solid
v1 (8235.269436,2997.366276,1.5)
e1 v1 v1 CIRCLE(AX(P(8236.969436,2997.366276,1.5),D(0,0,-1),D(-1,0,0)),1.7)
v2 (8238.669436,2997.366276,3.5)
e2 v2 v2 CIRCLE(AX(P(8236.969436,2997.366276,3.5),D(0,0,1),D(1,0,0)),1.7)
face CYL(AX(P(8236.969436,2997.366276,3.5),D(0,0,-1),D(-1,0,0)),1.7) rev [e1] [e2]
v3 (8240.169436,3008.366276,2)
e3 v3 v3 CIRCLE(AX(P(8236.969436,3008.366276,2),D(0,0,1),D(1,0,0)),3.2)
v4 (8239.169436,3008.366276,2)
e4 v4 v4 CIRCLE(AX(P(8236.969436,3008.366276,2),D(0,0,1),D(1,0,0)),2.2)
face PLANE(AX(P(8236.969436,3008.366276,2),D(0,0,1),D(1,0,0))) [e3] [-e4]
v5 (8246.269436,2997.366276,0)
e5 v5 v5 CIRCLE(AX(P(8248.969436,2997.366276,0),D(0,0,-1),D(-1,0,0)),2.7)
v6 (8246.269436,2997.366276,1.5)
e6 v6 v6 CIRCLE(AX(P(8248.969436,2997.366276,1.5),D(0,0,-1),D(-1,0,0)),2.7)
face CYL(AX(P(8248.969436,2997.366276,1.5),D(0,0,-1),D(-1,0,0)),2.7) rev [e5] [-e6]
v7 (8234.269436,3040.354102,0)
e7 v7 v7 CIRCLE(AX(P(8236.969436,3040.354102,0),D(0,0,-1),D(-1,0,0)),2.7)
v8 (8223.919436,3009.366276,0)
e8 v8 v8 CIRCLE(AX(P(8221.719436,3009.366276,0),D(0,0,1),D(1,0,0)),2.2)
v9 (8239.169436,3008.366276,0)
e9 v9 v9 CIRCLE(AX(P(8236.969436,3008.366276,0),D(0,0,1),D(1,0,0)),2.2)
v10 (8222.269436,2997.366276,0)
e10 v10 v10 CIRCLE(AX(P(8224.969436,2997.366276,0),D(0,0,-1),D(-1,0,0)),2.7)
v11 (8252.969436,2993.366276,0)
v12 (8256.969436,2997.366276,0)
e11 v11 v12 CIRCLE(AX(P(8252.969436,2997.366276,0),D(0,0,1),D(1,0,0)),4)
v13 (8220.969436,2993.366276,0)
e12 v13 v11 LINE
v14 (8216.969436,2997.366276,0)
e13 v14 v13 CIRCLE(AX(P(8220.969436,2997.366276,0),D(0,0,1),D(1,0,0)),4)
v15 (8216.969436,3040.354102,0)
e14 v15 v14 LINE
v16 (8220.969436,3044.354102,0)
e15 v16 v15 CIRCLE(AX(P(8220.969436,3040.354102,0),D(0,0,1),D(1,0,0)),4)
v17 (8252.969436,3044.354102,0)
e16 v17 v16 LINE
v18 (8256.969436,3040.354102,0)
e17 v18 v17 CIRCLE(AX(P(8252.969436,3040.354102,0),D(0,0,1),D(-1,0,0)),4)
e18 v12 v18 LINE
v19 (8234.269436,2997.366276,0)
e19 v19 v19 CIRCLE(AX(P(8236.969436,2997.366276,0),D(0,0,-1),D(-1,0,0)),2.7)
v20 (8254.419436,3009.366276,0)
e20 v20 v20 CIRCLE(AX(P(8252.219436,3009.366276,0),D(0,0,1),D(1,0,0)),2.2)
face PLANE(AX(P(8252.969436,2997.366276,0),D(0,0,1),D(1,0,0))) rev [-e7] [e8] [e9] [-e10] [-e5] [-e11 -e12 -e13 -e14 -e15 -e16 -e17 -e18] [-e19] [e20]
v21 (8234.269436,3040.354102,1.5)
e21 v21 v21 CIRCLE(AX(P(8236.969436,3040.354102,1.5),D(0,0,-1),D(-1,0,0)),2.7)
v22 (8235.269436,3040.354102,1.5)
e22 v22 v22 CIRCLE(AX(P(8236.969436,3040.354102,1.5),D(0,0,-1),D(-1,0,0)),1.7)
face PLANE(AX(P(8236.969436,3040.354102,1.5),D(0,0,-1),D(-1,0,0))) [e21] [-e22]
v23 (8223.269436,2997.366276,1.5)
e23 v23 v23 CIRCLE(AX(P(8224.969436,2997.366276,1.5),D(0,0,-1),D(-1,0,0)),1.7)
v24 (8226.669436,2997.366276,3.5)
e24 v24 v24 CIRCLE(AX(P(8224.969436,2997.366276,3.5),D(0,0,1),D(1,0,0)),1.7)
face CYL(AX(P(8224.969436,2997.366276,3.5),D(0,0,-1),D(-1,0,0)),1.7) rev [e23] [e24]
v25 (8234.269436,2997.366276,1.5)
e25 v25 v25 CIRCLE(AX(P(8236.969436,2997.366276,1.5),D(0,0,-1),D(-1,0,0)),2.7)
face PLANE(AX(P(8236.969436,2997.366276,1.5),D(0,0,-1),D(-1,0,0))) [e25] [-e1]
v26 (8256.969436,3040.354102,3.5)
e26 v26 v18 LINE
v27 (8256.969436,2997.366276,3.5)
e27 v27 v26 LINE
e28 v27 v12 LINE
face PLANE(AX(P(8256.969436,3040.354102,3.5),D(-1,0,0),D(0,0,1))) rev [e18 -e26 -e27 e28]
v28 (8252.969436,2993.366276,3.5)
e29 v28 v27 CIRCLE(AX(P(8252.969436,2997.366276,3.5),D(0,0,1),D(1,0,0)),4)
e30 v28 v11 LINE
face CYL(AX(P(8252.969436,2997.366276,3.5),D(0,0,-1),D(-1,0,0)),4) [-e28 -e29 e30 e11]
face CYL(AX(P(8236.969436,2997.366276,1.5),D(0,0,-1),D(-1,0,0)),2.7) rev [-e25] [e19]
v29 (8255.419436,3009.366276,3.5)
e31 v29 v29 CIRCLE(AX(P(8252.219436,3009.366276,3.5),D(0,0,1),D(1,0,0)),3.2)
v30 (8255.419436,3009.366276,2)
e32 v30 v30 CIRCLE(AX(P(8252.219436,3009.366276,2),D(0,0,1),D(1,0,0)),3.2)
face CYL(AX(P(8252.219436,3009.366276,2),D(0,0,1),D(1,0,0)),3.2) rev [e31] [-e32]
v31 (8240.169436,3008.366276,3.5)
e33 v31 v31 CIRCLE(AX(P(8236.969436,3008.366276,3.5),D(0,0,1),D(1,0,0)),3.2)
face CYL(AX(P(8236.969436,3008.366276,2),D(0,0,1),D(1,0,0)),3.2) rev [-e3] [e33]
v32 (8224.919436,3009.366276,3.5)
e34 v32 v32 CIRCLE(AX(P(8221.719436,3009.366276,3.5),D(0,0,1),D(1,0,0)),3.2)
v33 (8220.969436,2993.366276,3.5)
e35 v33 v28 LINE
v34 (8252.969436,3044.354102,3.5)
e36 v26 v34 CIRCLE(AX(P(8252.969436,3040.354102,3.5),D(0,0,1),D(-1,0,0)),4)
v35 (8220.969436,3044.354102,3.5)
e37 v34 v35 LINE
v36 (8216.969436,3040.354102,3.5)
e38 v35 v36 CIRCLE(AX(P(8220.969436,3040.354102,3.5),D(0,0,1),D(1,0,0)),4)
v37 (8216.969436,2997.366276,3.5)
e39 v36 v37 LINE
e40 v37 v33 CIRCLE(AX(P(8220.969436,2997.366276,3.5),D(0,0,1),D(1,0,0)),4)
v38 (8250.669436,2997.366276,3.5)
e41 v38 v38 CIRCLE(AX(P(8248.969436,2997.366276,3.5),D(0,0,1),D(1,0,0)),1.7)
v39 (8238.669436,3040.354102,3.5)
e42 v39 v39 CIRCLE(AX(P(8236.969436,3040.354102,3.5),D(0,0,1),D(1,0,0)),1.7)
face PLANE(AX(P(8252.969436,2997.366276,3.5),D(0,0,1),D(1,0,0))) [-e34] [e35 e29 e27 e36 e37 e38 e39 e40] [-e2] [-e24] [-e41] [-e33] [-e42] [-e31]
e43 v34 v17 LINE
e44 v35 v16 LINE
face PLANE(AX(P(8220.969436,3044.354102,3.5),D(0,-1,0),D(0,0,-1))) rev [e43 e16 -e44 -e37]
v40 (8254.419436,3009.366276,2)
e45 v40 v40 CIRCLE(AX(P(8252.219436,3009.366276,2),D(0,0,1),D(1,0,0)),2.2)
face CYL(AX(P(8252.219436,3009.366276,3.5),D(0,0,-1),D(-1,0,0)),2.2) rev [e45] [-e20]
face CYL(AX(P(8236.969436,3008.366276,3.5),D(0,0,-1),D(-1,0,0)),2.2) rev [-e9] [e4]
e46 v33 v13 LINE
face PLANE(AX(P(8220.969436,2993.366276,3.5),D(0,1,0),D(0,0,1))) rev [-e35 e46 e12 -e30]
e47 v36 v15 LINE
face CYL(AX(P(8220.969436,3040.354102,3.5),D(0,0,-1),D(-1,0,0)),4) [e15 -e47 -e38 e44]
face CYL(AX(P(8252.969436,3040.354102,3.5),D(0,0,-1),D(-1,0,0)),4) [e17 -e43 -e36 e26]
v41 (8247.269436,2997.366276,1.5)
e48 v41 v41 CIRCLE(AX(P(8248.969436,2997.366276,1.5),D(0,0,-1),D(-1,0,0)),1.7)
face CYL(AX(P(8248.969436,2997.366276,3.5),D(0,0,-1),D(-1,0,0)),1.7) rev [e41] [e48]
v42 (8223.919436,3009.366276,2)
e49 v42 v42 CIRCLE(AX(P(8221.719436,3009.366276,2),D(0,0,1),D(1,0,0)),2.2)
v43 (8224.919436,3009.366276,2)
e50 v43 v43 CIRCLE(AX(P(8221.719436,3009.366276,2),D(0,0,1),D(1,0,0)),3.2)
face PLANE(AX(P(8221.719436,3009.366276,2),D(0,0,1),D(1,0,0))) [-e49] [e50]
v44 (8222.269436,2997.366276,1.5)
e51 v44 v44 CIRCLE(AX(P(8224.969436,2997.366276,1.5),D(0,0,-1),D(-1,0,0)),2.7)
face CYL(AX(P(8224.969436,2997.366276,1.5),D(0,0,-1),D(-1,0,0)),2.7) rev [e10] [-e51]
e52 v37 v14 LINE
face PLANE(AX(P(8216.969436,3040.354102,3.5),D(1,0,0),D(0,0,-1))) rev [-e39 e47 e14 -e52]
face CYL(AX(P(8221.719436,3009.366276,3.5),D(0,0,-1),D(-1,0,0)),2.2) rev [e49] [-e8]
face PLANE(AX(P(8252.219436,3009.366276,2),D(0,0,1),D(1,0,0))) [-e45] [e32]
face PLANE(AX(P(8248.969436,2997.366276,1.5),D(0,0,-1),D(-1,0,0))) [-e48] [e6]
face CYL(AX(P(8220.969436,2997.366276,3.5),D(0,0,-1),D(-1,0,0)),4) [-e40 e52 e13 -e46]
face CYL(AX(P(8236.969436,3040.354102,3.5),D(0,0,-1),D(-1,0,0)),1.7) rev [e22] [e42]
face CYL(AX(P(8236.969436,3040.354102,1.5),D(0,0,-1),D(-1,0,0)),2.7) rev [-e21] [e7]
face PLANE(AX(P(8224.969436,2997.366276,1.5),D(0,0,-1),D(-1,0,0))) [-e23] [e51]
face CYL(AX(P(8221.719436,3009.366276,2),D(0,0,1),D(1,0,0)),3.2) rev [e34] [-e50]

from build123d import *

# Parameters (mm, degrees)
SKETCH_2_R        = 1.7
SKETCH_2_R_2      = 2.2
EXTRUDE_1_DEPTH   = 3.5
SKETCH_3_R        = 2.7
EXTRUDE_2_DEPTH   = 1.5
EXTRUDE_2_2_DEPTH = 1.5
EXTRUDE_2_3_DEPTH = 1.5
EXTRUDE_2_4_DEPTH = 1.5
SKETCH_4_R        = 3.2
EXTRUDE_3_DEPTH   = 1.5
EXTRUDE_3_2_DEPTH = 1.5
EXTRUDE_3_3_DEPTH = 1.5


with BuildPart() as part:
    # 草图2 → 凸台-拉伸1 (new body)
    with BuildSketch(Plane.XY):
        with BuildLine():
            Line((8220.969436472, 3044.354101623), (8252.969436472, 3044.354101623))
            ThreePointArc((8252.969436472, 3044.354101623), (8255.797863597, 3043.182528748), (8256.969436472, 3040.354101623))
            Line((8256.969436472, 3040.354101623), (8256.969436472, 2997.366275847))
            ThreePointArc((8256.969436472, 2997.366275847), (8255.797863597, 2994.537848723), (8252.969436472, 2993.366275847))
            Line((8252.969436472, 2993.366275847), (8220.969436472, 2993.366275847))
            ThreePointArc((8220.969436472, 2993.366275847), (8218.141009348, 2994.537848723), (8216.969436472, 2997.366275847))
            Line((8216.969436472, 2997.366275847), (8216.969436472, 3040.354101623))
            ThreePointArc((8216.969436472, 3040.354101623), (8218.141009348, 3043.182528748), (8220.969436472, 3044.354101623))
        make_face()
        with Locations((8236.969436473, 3040.354101623)):
            Circle(SKETCH_2_R, mode=Mode.SUBTRACT)
        with Locations((8248.969436472, 2997.366275847)):
            Circle(SKETCH_2_R, mode=Mode.SUBTRACT)
        with Locations((8236.969436472, 2997.366275847)):
            Circle(SKETCH_2_R, mode=Mode.SUBTRACT)
        with Locations((8224.969436472, 2997.366275847)):
            Circle(SKETCH_2_R, mode=Mode.SUBTRACT)
        with Locations((8236.969436473, 3008.366275847)):
            Circle(SKETCH_2_R_2, mode=Mode.SUBTRACT)
        with Locations((8221.719436473, 3009.366275847)):
            Circle(SKETCH_2_R_2, mode=Mode.SUBTRACT)
        with Locations((8252.219436473, 3009.366275847)):
            Circle(SKETCH_2_R_2, mode=Mode.SUBTRACT)
    extrude(amount=EXTRUDE_1_DEPTH)


with BuildPart() as body_2:
    # 草图3 → 凸台-拉伸2 (new body)
    with BuildSketch(Plane(origin=(0, 0, 0), x_dir=(-1, 0, 0), z_dir=(0, 0, -1))):
        with Locations((-8236.969436473, 3040.354101623)):
            Circle(SKETCH_3_R)
    extrude(amount=-EXTRUDE_2_DEPTH)


with BuildPart() as body_3:
    # 草图3 → Extrude 2 2 (new body)
    with BuildSketch(Plane(origin=(0, 0, 0), x_dir=(-1, 0, 0), z_dir=(0, 0, -1))):
        with Locations((-8248.969436472, 2997.366275847)):
            Circle(SKETCH_3_R)
    extrude(amount=-EXTRUDE_2_2_DEPTH)


with BuildPart() as body_4:
    # 草图3 → Extrude 2 3 (new body)
    with BuildSketch(Plane(origin=(0, 0, 0), x_dir=(-1, 0, 0), z_dir=(0, 0, -1))):
        with Locations((-8236.969436472, 2997.366275847)):
            Circle(SKETCH_3_R)
    extrude(amount=-EXTRUDE_2_3_DEPTH)


with BuildPart() as body_5:
    # 草图3 → Extrude 2 4 (new body)
    with BuildSketch(Plane(origin=(0, 0, 0), x_dir=(-1, 0, 0), z_dir=(0, 0, -1))):
        with Locations((-8224.969436472, 2997.366275847)):
            Circle(SKETCH_3_R)
    extrude(amount=-EXTRUDE_2_4_DEPTH)


with BuildPart() as body_6:
    # 草图4 → 凸台-拉伸3 (new body)
    with BuildSketch(Plane.XY.offset(3.5)):
        with Locations((8236.969436473, 3008.366275847)):
            Circle(SKETCH_4_R)
    extrude(amount=-EXTRUDE_3_DEPTH)


with BuildPart() as body_7:
    # 草图4 → Extrude 3 2 (new body)
    with BuildSketch(Plane.XY.offset(3.5)):
        with Locations((8221.719436473, 3009.366275847)):
            Circle(SKETCH_4_R)
    extrude(amount=-EXTRUDE_3_2_DEPTH)


with BuildPart() as body_8:
    # 草图4 → Extrude 3 3 (new body)
    with BuildSketch(Plane.XY.offset(3.5)):
        with Locations((8252.219436473, 3009.366275847)):
            Circle(SKETCH_4_R)
    extrude(amount=-EXTRUDE_3_3_DEPTH)


with BuildPart() as part_1:
    add(part.part)

    # Combine 1: cut body 6, body 8, body 7, body 5, body 4, body 3, body 2
    add(body_6.part, mode=Mode.SUBTRACT)
    add(body_8.part, mode=Mode.SUBTRACT)
    add(body_7.part, mode=Mode.SUBTRACT)
    add(body_5.part, mode=Mode.SUBTRACT)
    add(body_4.part, mode=Mode.SUBTRACT)
    add(body_3.part, mode=Mode.SUBTRACT)
    add(body_2.part, mode=Mode.SUBTRACT)


solid = part_1.part
